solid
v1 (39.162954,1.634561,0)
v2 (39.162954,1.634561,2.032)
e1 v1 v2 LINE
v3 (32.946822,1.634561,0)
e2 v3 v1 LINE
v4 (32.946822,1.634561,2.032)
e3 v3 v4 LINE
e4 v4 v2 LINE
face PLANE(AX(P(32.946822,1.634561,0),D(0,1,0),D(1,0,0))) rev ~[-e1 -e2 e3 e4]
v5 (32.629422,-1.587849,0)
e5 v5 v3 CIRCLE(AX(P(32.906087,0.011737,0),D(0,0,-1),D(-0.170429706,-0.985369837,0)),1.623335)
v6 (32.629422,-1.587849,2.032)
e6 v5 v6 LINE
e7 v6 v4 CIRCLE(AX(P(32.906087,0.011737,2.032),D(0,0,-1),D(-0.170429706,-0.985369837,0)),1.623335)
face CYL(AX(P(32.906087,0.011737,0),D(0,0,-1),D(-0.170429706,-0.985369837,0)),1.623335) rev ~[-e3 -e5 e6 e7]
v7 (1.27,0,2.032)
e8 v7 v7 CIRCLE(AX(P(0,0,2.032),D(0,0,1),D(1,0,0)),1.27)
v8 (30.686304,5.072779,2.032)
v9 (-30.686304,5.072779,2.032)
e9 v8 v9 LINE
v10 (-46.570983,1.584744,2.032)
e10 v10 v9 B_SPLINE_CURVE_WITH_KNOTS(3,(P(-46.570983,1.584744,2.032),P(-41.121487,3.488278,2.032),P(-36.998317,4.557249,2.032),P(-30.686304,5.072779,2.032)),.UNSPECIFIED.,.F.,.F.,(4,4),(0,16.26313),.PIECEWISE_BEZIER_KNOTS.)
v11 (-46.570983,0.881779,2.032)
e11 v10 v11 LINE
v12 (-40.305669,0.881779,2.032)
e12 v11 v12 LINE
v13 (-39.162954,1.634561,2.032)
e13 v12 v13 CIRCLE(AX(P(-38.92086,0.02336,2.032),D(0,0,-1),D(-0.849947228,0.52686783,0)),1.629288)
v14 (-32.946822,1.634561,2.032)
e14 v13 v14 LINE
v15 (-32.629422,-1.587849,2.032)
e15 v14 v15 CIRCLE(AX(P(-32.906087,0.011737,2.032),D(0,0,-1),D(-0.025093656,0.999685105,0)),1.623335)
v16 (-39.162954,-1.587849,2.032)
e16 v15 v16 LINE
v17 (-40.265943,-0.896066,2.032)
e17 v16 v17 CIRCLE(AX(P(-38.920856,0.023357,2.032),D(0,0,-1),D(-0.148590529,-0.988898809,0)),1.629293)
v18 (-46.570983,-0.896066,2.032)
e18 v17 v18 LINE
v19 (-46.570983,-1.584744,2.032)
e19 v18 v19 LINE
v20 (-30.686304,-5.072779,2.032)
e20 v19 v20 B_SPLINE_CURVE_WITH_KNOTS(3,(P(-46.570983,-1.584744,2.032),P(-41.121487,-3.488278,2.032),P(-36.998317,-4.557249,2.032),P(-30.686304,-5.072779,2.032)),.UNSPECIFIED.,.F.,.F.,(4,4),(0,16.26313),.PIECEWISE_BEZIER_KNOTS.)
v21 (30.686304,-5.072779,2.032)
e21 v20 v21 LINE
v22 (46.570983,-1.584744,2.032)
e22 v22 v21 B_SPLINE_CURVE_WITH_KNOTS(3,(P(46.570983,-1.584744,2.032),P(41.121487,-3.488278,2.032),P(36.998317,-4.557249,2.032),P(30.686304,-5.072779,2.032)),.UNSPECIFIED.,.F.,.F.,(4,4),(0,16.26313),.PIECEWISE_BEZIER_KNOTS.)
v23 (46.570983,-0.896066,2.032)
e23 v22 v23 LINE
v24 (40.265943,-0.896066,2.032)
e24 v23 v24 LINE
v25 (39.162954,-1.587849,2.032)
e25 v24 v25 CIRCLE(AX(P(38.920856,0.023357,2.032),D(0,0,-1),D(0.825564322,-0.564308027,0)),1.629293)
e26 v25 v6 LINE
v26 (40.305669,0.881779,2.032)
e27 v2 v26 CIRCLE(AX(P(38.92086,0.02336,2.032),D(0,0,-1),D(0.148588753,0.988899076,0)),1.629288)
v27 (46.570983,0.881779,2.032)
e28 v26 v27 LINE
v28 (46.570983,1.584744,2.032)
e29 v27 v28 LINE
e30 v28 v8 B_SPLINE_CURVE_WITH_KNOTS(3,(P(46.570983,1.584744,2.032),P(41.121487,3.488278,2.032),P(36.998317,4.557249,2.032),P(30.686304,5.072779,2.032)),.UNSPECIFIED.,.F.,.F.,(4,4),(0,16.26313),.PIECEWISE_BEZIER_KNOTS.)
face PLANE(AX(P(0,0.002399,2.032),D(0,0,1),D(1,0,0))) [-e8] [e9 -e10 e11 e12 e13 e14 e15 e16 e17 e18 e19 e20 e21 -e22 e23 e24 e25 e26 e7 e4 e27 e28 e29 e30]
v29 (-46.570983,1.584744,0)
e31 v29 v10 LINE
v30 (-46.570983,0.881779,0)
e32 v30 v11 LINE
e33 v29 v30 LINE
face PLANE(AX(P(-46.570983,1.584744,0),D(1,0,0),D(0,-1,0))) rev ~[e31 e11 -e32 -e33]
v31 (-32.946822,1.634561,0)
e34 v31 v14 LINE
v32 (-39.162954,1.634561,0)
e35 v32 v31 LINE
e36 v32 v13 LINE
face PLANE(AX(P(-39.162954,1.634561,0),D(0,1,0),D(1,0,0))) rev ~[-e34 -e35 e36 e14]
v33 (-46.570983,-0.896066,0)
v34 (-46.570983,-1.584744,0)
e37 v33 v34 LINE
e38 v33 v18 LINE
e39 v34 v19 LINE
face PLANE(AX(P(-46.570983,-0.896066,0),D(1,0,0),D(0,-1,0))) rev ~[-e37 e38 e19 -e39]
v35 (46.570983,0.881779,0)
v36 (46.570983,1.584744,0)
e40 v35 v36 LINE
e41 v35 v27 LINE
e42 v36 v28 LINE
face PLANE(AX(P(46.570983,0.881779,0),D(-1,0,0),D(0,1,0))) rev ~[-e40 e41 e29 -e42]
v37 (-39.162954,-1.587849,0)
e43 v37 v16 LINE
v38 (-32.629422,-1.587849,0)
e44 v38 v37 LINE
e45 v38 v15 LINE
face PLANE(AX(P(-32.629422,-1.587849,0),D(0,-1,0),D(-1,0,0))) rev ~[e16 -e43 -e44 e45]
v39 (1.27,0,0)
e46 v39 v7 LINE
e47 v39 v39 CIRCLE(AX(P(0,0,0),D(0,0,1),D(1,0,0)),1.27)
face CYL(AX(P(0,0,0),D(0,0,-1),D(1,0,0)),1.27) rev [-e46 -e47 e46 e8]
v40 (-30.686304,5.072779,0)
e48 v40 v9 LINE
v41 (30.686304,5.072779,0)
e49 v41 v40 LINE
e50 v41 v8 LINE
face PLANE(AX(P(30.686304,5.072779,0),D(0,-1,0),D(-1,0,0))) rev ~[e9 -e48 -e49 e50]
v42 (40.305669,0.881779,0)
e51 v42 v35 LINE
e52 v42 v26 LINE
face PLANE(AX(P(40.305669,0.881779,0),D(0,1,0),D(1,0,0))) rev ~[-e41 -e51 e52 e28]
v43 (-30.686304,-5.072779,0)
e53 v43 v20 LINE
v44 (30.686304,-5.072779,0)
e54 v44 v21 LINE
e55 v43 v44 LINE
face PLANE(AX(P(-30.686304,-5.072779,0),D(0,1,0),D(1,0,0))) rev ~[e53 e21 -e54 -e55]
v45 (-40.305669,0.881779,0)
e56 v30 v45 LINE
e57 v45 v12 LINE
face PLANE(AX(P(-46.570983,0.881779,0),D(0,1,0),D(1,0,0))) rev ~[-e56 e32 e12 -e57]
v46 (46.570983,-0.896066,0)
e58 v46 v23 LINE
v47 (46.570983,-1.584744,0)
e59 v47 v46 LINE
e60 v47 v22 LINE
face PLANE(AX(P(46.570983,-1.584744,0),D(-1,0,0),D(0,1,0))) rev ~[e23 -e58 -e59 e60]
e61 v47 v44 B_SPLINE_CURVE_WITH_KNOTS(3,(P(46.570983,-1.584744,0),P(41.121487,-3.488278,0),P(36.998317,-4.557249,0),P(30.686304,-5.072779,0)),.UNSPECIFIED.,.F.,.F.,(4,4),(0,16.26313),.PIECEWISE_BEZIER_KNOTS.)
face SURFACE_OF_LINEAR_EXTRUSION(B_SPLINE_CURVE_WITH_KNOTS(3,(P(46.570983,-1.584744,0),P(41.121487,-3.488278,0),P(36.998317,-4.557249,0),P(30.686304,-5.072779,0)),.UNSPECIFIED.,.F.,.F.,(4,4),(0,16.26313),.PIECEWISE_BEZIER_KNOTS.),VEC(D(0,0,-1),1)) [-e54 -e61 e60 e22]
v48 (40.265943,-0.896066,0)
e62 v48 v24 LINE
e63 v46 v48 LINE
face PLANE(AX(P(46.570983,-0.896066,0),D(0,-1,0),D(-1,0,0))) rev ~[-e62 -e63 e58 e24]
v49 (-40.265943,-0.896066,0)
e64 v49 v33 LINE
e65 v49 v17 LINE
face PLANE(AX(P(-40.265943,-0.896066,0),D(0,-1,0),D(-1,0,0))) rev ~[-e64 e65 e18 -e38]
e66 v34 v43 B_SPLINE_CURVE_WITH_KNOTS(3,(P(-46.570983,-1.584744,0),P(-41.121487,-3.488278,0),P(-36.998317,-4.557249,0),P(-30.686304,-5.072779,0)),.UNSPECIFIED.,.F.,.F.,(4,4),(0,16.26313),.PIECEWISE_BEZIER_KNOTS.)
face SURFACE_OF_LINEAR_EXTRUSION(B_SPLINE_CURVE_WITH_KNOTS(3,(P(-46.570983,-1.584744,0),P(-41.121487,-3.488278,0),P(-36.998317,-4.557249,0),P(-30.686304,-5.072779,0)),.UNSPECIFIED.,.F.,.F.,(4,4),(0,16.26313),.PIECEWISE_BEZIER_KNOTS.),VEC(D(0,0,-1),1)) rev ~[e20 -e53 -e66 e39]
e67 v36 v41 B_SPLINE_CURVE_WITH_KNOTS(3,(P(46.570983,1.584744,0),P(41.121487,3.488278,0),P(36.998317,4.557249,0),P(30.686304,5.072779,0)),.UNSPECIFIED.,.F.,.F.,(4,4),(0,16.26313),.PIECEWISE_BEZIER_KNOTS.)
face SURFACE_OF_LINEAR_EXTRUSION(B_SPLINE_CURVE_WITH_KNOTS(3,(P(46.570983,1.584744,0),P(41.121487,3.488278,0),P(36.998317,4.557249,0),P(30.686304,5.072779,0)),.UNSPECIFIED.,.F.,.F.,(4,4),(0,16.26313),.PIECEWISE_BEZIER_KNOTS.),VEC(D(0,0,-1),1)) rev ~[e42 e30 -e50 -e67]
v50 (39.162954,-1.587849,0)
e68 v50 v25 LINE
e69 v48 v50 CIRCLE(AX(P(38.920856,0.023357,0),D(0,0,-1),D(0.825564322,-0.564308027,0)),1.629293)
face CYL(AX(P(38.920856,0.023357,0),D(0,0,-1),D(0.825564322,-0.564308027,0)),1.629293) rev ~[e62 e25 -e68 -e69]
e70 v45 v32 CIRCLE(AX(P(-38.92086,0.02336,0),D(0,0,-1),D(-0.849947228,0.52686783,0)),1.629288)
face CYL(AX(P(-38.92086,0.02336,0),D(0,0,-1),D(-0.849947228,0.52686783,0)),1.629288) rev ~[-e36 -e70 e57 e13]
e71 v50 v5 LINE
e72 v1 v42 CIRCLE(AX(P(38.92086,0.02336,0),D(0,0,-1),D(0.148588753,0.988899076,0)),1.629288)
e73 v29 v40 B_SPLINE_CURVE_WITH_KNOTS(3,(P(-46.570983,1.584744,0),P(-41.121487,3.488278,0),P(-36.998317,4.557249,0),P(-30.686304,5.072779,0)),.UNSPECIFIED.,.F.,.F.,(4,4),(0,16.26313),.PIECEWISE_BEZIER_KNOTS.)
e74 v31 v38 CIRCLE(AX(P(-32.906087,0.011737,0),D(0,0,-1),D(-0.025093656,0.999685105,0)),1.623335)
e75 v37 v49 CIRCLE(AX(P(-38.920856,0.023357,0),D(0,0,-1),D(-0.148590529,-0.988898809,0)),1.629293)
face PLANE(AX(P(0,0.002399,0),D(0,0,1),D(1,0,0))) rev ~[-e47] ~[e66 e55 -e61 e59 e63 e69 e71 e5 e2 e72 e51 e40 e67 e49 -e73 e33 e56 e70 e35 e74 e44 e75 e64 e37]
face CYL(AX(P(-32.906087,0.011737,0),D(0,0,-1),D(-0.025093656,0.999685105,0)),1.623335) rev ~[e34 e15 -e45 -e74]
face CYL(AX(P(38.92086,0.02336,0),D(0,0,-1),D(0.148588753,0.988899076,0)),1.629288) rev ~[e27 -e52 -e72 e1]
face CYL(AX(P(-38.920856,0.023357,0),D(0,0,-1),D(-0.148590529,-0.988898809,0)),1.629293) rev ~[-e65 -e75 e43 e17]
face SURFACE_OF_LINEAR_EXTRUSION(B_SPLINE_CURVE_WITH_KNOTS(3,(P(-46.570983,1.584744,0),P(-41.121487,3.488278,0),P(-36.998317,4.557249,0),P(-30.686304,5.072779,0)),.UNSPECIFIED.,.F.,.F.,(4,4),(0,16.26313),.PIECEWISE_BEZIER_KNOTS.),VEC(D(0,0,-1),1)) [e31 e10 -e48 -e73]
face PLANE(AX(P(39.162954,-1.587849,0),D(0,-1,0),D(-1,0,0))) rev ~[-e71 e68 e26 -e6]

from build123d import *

# Parameters (mm, degrees)
F0_R     = 1.27
F1_DEPTH = 2.032


with BuildPart() as f1:
    # F0 (on Top) → F1 (new body)
    with BuildSketch(Plane.XY):
        with BuildLine():
            Line((46.570983, 0.881779), (46.570983, 1.584744))
            add(Edge.make_bspline(
                [(46.570983, 1.584744), (41.121487, 3.488278), (36.998317, 4.557249), (30.686304, 5.072779)],
                knots=[0, 0, 0, 0, 16.26313, 16.26313, 16.26313, 16.26313], degree=3))
            Line((30.686304, 5.072779), (-30.686304, 5.072779))
            add(Edge.make_bspline(
                [(-46.570983, 1.584744), (-41.121487, 3.488278), (-36.998317, 4.557249), (-30.686304, 5.072779)],
                knots=[0, 0, 0, 0, 16.26313, 16.26313, 16.26313, 16.26313], degree=3))
            Line((-46.570983, 1.584744), (-46.570983, 0.881779))
            Line((-46.570983, 0.881779), (-40.305669, 0.881779))
            ThreePointArc((-40.305669, 0.881779), (-39.817171, 1.38395), (-39.162954, 1.634561))
            Line((-39.162954, 1.634561), (-32.946822, 1.634561))
            ThreePointArc((-32.946822, 1.634561), (-31.290569, 0.170862), (-32.629422, -1.587849))
            Line((-32.629422, -1.587849), (-39.162954, -1.587849))
            ThreePointArc((-39.162954, -1.587849), (-39.786552, -1.356921), (-40.265943, -0.896066))
            Line((-40.265943, -0.896066), (-46.570983, -0.896066))
            Line((-46.570983, -0.896066), (-46.570983, -1.584744))
            add(Edge.make_bspline(
                [(-46.570983, -1.584744), (-41.121487, -3.488278), (-36.998317, -4.557249), (-30.686304, -5.072779)],
                knots=[0, 0, 0, 0, 16.26313, 16.26313, 16.26313, 16.26313], degree=3))
            Line((-30.686304, -5.072779), (30.686304, -5.072779))
            add(Edge.make_bspline(
                [(46.570983, -1.584744), (41.121487, -3.488278), (36.998317, -4.557249), (30.686304, -5.072779)],
                knots=[0, 0, 0, 0, 16.26313, 16.26313, 16.26313, 16.26313], degree=3))
            Line((46.570983, -1.584744), (46.570983, -0.896066))
            Line((46.570983, -0.896066), (40.265943, -0.896066))
            ThreePointArc((40.265943, -0.896066), (39.786552, -1.356921), (39.162954, -1.587849))
            Line((39.162954, -1.587849), (32.629422, -1.587849))
            ThreePointArc((32.629422, -1.587849), (31.290569, 0.170862), (32.946822, 1.634561))
            Line((32.946822, 1.634561), (39.162954, 1.634561))
            ThreePointArc((39.162954, 1.634561), (39.817171, 1.38395), (40.305669, 0.881779))
            Line((40.305669, 0.881779), (46.570983, 0.881779))
        make_face()
        Circle(F0_R, mode=Mode.SUBTRACT)
    extrude(amount=F1_DEPTH)


solid = f1.part
